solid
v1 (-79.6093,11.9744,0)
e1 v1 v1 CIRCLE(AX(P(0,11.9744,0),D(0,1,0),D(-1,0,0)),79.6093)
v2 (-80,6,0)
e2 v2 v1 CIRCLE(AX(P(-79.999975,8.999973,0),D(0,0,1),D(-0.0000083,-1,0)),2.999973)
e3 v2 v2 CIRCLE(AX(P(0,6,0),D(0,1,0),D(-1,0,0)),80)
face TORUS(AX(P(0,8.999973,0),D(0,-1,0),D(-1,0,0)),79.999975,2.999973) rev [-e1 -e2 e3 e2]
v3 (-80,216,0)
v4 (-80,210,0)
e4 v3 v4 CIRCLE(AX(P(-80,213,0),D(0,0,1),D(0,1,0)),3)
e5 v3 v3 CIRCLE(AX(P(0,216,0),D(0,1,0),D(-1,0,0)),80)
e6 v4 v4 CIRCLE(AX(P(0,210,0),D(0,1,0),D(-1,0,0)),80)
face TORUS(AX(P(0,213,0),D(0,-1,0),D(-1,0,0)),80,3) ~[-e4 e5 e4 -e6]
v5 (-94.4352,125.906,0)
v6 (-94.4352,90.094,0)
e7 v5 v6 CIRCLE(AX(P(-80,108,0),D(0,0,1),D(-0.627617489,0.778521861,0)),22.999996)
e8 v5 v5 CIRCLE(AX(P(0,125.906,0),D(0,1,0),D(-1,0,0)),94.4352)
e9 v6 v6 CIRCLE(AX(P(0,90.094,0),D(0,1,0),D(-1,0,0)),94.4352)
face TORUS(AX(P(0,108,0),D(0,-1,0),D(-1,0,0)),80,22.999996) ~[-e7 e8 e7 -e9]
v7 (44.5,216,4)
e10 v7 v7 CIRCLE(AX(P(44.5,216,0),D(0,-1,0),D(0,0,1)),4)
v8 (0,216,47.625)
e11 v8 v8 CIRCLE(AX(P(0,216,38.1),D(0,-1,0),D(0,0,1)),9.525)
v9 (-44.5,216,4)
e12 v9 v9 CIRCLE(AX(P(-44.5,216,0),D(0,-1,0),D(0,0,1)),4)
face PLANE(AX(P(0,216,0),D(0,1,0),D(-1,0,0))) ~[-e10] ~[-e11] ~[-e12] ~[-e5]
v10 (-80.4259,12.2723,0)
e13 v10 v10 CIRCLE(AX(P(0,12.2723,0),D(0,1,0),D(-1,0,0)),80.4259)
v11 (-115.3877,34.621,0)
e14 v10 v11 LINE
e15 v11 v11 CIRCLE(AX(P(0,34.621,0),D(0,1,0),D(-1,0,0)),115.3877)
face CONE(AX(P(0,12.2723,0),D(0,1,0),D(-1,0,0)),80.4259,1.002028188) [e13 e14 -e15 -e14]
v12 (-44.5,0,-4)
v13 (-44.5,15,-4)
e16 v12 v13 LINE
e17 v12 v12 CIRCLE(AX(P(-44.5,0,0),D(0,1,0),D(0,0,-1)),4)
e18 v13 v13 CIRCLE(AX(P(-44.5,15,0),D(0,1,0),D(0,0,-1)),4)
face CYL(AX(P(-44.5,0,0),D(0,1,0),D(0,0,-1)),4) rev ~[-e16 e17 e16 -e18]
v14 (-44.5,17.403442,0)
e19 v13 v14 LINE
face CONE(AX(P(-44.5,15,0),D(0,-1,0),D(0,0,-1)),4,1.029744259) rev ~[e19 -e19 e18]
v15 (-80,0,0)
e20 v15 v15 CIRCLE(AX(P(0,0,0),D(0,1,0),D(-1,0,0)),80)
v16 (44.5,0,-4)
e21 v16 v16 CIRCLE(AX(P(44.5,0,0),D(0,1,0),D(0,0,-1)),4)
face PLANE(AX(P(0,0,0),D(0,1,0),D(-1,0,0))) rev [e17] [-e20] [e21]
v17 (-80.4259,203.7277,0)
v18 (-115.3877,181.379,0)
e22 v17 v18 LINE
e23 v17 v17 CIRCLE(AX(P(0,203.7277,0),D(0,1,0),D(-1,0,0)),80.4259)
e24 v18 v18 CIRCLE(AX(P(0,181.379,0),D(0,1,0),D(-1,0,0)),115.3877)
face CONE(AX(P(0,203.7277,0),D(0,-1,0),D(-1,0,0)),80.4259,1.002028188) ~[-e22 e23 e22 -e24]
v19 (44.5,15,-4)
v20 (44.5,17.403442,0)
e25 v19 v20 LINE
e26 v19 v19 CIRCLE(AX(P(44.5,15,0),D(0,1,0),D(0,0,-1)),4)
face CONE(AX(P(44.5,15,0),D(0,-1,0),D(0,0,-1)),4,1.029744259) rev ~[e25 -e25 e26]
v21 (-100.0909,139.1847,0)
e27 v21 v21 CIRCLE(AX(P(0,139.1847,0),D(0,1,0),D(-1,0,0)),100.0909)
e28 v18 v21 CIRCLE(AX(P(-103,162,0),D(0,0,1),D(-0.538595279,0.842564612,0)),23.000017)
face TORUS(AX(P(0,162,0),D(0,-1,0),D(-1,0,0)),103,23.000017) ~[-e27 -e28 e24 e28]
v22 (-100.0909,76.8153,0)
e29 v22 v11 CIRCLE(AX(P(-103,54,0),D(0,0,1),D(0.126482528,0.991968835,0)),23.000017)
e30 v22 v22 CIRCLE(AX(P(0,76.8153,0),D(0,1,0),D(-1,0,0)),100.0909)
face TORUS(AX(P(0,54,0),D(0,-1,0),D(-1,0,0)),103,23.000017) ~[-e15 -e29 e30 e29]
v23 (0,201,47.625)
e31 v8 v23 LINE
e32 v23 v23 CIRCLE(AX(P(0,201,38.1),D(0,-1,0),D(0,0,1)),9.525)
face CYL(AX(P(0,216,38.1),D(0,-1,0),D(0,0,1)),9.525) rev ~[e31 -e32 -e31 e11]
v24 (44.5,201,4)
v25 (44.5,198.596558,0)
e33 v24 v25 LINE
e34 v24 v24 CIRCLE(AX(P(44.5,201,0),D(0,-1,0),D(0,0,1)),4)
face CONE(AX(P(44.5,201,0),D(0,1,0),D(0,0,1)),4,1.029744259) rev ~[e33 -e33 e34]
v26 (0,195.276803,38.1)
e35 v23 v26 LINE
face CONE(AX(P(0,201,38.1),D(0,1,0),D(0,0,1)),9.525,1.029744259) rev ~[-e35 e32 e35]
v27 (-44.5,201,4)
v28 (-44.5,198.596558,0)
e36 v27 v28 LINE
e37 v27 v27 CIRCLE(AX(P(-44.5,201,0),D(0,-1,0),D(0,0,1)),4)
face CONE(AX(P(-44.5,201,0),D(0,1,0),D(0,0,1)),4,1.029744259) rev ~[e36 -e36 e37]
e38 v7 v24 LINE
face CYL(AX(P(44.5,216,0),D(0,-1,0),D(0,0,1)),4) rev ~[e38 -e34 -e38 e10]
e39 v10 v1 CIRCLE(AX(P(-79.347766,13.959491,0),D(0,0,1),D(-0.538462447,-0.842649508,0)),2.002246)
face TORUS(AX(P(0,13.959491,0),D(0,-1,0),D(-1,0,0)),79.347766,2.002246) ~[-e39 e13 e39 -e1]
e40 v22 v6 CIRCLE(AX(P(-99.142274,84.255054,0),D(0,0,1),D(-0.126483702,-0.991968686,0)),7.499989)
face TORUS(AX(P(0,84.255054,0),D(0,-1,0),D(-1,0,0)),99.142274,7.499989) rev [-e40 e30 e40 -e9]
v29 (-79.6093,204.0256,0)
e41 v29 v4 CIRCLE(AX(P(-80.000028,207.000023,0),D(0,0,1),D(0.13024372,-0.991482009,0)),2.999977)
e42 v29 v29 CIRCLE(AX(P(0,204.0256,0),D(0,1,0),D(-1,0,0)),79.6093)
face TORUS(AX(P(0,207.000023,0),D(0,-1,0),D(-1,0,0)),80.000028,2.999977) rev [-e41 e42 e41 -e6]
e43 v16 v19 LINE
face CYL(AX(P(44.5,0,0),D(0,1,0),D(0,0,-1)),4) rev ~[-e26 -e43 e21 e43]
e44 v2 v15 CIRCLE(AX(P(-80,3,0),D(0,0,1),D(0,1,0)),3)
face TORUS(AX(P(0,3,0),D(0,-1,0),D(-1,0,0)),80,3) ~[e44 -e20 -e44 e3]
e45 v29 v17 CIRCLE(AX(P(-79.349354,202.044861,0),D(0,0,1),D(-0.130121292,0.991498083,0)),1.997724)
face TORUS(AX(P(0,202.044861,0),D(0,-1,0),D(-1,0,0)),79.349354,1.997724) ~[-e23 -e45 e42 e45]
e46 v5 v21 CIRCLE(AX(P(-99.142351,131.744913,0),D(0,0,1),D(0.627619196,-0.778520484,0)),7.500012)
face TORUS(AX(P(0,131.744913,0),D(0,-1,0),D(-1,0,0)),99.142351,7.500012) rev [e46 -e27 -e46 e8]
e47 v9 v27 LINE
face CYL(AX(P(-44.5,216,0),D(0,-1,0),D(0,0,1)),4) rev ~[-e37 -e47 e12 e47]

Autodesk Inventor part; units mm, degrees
ref_plane "YZ Plane" through (0, 0, 0) normal (1, 0, 0) x (0, 1, 0)
ref_plane "XZ Plane" through (0, 0, 0) normal (0, 1, 0) x (-1, 0, 0)
ref_plane "XY Plane" through (0, 0, 0) normal (0, 0, 1) x (1, 0, 0)
sketch "Sketch1" plane through (0, 0, 0) normal (0, 0, 1) x (1, 0, 0)
  line L0 (0, 0) -> (0, 216)
  line L1 (-126, 0) -> (-126, 216) construction
  line L2 (0, 216) -> (-80, 216)
  line L3 (0, 0) -> (-80, 0)
  line L4 (-80, 216) -> (-80, 0) construction
  line L5 (-126, 108) -> (-80, 108) construction
  line L6 (-126, 216) -> (-80, 216) construction
  line L7 (-103, 216) -> (-103, 108) construction
  line L8 (-126, 0) -> (-80, 0) construction
  line L9 (-103, 0) -> (-103, 108) construction
  arc A0 (-94.4352, 125.906) -> (-94.4352, 90.094) centre (-80, 108) ccw
  arc A1 (-94.4352, 125.906) -> (-100.0909, 139.1847) centre (-99.1423, 131.7449) ccw
  arc A2 (-100.0909, 76.8153) -> (-94.4352, 90.094) centre (-99.1423, 84.2551) ccw
  line L10 (-83, 108) -> (-83, 0) construction
  line L11 (-126, 213) -> (-80, 213) construction
  line L12 (-126, 210) -> (-80, 210) construction
  line L13 (-83, 216) -> (-83, 108) construction
  line L14 (-83, 108) -> (-83, 0) construction
  arc A3 (-80, 216) -> (-80, 210) centre (-80, 213) ccw
  line L15 (-77, 216) -> (-77, 108) construction
  line L16 (-77, 108) -> (-77, 0) construction
  line L17 (-126, 207) -> (-80, 207) construction
  line L18 (-126, 204) -> (-80, 204) construction
  arc A4 (-79.6093, 204.0256) -> (-80, 210) centre (-80, 207) ccw
  line L19 (-80.4259, 203.7277) -> (-115.3877, 181.379)
  arc A5 (-80, 6) -> (-80, 0) centre (-80, 3) ccw
  arc A6 (-80, 6) -> (-79.6093, 11.9744) centre (-80, 9) ccw
  line L20 (-80.4259, 12.2723) -> (-115.3877, 34.621)
  arc A7 (-100.0909, 76.8153) -> (-115.3877, 34.621) centre (-103, 54) ccw
  arc A8 (-115.3877, 181.379) -> (-100.0909, 139.1847) centre (-103, 162) ccw
  arc A9 (-79.6093, 204.0256) -> (-80.4259, 203.7277) centre (-79.3488, 202.0426) ccw
  arc A10 (-80.4259, 12.2723) -> (-79.6093, 11.9744) centre (-79.3488, 13.9574) ccw
  point P0 (-80, 12)
  dimension "d0" = 216
  dimension "d1" = 126
  dimension "d2" = 80
  dimension "d3" = 80
  dimension "d4" = 15
  dimension "d5" = 15
  dimension "d10" = 105
  dimension "d11" = 3
  dimension "d12" = 20
  dimension "d13" = 6
  dimension "d14" = 6
  dimension "d15" = 3
  dimension "d16" = 0
  dimension "d17" = 108
  dimension "d18" = 216
  dimension "d19" = 80
  dimension "d20" = 80
  dimension "d21" = 0
  dimension "d22" = 108
  dimension "d23" = 108
  dimension "d24" = 216
  dimension "d25" = 216
  dimension "d26" = 126
  dimension "d27" = 126
  dimension "d28" = 126
  dimension "d29" = 126
  dimension "d30" = 2
revolve "Revolution1" add sketch "Sketch1" angle 360 about axis through (0, 0, 0) along (0, 1, 0)
sketch "Sketch2" plane through (0, 216, 0) normal (0, 1, 0) x (1, 0, 0)
  circle A0 centre (0, 0) radius 44.5 construction
  circle A1 centre (-44.5, 0) radius 4 construction
  circle A2 centre (44.5, 0) radius 4 construction
  dimension "d32" = 89
  dimension "d33" = 8
  dimension "d34" = 8
  dimension "d35" = 89
hole "Hole1" at (-44.5, 216, 0) at (44.5, 216, 0) direction (0, -1, 0) diameter 8 depth 15 tip angle 118
thread "Thread2" size "M8x1.25" class "6H" standard "ANSI Metric M Profile" full length
thread "Thread3" size "M8x1.25" class "6H" standard "ANSI Metric M Profile" full length
sketch "Sketch3" plane through (0, 0, 0) normal (0, -1, 0) x (1, 0, 0)
  circle A0 centre (0, 0) radius 44.5 construction
  circle A1 centre (-44.5, 0) radius 4 construction
  circle A2 centre (-44.5, 0) radius 4 construction
  circle A3 centre (44.5, 0) radius 4 construction
  dimension "d49" = 89
  dimension "d50" = 8
  dimension "d51" = 89
hole "Hole2" at (-44.5, 0, 0) at (44.5, 0, 0) direction (0, 1, 0) diameter 8 depth 15 tip angle 118
thread "Thread4" size "M8x1.25" class "6H" standard "ANSI Metric M Profile" full length
thread "Thread5" size "M8x1.25" class "6H" standard "ANSI Metric M Profile" full length
sketch "Sketch4" plane through (0, 216, 0) normal (0, 1, 0) x (1, 0, 0)
  circle A0 centre (0, -38.1) radius 9.525 construction
  point P0 (0, 0)
  dimension "d63" = 19.05
  dimension "d64" = 38.1
hole "Hole3" at (0, 216, 38.1) direction (0, -1, 0) diameter 19.05 depth 15 tip angle 118
thread "Thread6" size "M20x2.5" class "6H" standard "ANSI Metric M Profile" full length
properties part number "Firestone" material "Rubber"
